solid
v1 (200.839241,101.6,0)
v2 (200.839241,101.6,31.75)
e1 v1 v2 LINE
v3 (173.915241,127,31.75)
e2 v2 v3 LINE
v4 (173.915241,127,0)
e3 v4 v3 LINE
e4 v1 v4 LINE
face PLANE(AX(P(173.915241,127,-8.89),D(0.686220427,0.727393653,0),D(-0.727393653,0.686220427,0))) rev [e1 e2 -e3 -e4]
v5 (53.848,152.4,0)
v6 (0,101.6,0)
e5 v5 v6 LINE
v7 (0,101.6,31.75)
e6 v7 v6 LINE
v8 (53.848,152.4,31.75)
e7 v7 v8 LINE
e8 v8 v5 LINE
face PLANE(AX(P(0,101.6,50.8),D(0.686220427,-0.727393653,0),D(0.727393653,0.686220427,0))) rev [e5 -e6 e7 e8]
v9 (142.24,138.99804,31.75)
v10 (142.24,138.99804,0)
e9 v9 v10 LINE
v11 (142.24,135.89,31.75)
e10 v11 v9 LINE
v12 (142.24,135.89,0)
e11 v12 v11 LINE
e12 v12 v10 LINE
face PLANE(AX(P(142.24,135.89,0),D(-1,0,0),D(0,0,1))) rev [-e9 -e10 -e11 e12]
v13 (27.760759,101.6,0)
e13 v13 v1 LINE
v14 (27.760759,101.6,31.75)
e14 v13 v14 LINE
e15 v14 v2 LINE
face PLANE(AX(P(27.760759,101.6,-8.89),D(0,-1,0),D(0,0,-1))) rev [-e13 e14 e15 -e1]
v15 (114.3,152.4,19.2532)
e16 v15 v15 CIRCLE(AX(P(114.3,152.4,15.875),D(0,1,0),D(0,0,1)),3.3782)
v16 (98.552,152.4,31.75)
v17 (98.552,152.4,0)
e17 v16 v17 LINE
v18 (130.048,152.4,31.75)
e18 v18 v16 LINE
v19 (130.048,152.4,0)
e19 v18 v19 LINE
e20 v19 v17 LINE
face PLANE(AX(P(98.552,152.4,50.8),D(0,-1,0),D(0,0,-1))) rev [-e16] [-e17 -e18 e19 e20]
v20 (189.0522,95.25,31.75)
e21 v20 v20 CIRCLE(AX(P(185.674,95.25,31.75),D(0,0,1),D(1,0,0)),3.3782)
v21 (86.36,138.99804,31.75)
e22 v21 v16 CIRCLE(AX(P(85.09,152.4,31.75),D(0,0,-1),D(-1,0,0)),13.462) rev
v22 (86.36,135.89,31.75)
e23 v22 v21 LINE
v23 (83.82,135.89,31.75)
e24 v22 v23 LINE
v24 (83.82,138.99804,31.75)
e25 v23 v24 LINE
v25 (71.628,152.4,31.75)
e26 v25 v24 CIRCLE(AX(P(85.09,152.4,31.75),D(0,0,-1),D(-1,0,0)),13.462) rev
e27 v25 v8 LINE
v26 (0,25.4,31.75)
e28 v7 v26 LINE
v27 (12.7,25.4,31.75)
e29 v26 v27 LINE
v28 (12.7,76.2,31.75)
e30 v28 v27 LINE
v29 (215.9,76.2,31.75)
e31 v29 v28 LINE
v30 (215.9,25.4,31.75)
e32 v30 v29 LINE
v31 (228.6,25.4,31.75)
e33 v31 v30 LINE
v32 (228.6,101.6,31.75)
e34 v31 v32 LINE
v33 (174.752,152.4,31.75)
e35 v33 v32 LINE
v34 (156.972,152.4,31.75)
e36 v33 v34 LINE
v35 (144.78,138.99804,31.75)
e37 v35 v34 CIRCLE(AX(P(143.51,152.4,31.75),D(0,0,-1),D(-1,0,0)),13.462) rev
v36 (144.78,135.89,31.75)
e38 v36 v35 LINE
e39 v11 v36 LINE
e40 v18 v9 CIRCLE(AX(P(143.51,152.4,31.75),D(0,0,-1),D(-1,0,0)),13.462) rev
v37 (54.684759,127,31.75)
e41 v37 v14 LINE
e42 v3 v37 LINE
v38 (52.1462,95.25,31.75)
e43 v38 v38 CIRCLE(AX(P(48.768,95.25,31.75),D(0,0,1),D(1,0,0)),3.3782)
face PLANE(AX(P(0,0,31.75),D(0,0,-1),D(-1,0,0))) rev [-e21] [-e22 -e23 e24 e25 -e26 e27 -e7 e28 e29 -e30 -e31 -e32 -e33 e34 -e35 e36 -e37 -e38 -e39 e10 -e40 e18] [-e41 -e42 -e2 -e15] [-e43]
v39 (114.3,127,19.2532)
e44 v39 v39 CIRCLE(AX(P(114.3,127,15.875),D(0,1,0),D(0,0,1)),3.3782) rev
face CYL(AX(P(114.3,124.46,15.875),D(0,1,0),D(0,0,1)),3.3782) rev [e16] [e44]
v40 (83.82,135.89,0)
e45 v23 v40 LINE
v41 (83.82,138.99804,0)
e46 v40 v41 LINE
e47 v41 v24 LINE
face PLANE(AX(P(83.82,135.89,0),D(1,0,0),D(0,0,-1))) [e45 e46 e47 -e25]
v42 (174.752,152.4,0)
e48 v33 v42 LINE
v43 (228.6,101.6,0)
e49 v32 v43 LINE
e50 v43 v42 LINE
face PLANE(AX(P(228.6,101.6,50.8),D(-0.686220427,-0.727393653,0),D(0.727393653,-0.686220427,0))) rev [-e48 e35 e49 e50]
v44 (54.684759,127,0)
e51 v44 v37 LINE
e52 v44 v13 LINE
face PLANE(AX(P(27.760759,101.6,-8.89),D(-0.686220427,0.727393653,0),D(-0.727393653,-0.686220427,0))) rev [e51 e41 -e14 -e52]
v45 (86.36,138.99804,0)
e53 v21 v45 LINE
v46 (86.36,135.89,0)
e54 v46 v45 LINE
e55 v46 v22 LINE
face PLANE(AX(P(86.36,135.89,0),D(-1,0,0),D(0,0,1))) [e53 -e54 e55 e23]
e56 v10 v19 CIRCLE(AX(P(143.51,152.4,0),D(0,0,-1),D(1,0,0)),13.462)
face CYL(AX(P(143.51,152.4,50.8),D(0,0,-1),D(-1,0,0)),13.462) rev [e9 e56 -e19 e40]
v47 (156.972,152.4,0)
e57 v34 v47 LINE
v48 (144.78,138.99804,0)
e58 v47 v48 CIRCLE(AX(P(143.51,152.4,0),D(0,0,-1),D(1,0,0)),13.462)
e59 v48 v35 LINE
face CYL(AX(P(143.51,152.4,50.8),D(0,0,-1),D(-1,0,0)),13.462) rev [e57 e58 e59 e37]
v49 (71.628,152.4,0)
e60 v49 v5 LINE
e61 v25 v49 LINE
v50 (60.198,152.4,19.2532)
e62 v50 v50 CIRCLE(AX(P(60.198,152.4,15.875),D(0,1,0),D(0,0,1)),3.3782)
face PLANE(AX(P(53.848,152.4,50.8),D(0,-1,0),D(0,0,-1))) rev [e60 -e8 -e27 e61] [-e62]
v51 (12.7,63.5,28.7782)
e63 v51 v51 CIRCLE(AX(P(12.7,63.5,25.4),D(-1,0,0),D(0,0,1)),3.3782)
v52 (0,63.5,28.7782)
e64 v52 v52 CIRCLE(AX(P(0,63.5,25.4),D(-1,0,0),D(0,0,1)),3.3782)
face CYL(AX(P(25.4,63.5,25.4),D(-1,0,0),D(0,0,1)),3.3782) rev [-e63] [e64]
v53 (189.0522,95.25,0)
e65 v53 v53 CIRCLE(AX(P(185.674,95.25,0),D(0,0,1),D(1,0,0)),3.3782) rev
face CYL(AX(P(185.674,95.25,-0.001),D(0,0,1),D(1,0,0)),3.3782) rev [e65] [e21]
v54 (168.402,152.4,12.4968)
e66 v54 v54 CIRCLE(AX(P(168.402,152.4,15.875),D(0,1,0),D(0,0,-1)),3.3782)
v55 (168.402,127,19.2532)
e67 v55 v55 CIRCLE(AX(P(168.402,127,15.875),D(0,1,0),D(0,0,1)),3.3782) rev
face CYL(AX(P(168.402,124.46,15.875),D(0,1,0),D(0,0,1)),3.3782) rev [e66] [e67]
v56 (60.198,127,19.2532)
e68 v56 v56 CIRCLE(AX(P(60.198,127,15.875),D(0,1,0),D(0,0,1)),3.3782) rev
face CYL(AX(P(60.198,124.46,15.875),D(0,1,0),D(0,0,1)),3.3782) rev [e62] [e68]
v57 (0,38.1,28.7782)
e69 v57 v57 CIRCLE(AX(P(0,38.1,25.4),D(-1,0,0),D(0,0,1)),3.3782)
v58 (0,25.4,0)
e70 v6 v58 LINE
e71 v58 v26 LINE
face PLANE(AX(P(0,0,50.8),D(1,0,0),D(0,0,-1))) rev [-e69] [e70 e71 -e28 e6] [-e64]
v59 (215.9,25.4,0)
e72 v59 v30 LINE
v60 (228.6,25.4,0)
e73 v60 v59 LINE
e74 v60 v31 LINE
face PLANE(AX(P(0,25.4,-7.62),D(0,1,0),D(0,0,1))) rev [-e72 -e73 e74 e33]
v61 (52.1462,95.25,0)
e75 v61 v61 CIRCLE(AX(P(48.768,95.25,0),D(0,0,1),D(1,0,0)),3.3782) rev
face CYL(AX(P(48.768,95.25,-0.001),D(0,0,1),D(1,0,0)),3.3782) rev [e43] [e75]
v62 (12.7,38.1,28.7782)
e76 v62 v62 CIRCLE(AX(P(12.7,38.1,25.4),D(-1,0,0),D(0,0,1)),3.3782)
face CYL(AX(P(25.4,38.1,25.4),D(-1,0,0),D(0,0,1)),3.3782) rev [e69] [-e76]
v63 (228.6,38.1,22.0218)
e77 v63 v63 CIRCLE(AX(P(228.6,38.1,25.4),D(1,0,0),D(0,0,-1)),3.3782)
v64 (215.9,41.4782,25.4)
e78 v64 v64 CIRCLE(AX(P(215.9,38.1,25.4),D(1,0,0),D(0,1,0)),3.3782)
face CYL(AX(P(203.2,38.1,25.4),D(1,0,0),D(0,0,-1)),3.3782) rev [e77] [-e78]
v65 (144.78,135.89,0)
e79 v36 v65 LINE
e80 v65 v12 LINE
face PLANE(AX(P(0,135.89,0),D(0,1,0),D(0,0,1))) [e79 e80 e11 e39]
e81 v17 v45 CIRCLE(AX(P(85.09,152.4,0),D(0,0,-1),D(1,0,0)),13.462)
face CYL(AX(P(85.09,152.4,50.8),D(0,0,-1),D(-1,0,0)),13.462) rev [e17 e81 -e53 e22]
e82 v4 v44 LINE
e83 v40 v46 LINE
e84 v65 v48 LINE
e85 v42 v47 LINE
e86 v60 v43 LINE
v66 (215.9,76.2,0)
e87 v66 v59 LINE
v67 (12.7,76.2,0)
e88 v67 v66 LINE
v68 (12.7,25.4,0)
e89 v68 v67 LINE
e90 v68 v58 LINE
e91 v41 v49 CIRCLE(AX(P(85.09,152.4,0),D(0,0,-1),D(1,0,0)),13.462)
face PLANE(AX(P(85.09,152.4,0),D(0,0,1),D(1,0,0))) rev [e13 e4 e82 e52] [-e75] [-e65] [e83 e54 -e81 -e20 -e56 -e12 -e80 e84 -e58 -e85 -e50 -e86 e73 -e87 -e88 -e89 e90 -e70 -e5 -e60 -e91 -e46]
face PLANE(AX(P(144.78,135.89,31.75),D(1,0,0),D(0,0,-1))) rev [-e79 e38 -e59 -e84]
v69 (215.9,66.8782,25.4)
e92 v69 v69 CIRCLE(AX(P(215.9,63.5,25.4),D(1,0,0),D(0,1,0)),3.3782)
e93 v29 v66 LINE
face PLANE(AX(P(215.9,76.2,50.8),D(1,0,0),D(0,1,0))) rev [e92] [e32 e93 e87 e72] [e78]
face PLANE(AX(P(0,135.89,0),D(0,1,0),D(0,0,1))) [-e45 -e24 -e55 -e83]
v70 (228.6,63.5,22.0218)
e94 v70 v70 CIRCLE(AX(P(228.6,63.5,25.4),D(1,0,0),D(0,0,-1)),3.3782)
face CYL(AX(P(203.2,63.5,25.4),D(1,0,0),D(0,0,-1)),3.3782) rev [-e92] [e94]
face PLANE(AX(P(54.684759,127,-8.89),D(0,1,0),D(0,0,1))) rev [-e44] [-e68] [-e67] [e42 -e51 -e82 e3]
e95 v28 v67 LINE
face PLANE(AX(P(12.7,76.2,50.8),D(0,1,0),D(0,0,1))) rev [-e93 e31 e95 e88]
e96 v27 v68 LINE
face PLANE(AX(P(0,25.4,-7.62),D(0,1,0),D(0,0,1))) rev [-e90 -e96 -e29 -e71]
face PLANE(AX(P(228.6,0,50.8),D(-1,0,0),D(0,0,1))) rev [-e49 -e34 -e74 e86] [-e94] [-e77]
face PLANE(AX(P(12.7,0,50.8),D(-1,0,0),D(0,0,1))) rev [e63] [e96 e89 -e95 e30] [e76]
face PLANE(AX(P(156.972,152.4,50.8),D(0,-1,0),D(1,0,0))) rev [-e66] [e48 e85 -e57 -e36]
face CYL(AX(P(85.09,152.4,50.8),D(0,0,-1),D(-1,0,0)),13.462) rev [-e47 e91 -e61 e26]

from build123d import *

# Parameters (mm, degrees)
BOSS_EXTRUDE1_DEPTH = 50.8
SKETCH3_R           = 3.3782
CUT_EXTRUDE1_DEPTH  = 25.4
SKETCH4_R           = 3.3782
CUT_EXTRUDE2_DEPTH  = 25.4
SKETCH7_W           = 228.6
SKETCH7_H           = 152.4
CUT_EXTRUDE5_DEPTH  = 19.05
SKETCH8_W           = 228.6
SKETCH8_H           = 25.4
CUT_EXTRUDE6_DEPTH  = 39.37
SKETCH9_R           = 3.3782
CUT_EXTRUDE7_DEPTH  = 27.94
CUT_EXTRUDE8_DEPTH  = 40.64
SKETCH12_W          = 1.27
SKETCH12_H          = 31.75
CUT_EXTRUDE9_DEPTH  = 16.51
CUT_EXTRUDE10_REACH = 33.75
SKETCH13_R          = 3.3782


with BuildPart() as part:
    # Sketch2 → Boss-Extrude1 (new body)
    with BuildSketch(Plane.XY):
        with BuildLine():
            Line((215.9, 0), (228.6, 0))
            Line((228.6, 0), (228.6, 101.6))
            Line((228.6, 101.6), (174.752, 152.4))
            Line((174.752, 152.4), (156.972, 152.4))
            ThreePointArc((156.972, 152.4), (143.51, 138.938), (130.048, 152.4))
            Line((130.048, 152.4), (98.552, 152.4))
            ThreePointArc((98.552, 152.4), (85.09, 138.938), (71.628, 152.4))
            Line((71.628, 152.4), (53.848, 152.4))
            Line((53.848, 152.4), (0, 101.6))
            Line((0, 101.6), (0, 0))
            Line((0, 0), (12.7, 0))
            Line((12.7, 0), (12.7, 76.2))
            Line((12.7, 76.2), (215.9, 76.2))
            Line((215.9, 76.2), (215.9, 0))
        make_face()
    extrude(amount=BOSS_EXTRUDE1_DEPTH)

    # Sketch3 → Cut-Extrude1 (cut)
    with BuildSketch(Plane.ZY):
        with Locations((25.4, 63.5)):
            Circle(SKETCH3_R)
        with Locations((25.4, 38.1)):
            Circle(SKETCH3_R)
    extrude(amount=-CUT_EXTRUDE1_DEPTH, mode=Mode.SUBTRACT)

    # Sketch4 → Cut-Extrude2 (cut)
    with BuildSketch(Plane(origin=(228.6, 0, 0), x_dir=(0, 0, -1), z_dir=(1, 0, 0))):
        with Locations((-25.4, 63.5)):
            Circle(SKETCH4_R)
        with Locations((-25.4, 38.1)):
            Circle(SKETCH4_R)
    extrude(amount=-CUT_EXTRUDE2_DEPTH, mode=Mode.SUBTRACT)

    # Sketch7 → Cut-Extrude5 (cut)
    with BuildSketch(Plane.XY.offset(50.8)):
        with Locations((114.3, 76.2)):
            Rectangle(SKETCH7_W, SKETCH7_H)
    extrude(amount=-CUT_EXTRUDE5_DEPTH, mode=Mode.SUBTRACT)

    # Sketch8 → Cut-Extrude6 (cut)
    with BuildSketch(Plane.XY.offset(31.75)):
        with Locations((114.3, 12.7)):
            Rectangle(SKETCH8_W, SKETCH8_H)
    extrude(amount=-CUT_EXTRUDE6_DEPTH, mode=Mode.SUBTRACT)

    # Sketch9 → Cut-Extrude7 (cut)
    with BuildSketch(Plane(origin=(0, 152.4, 0), x_dir=(1, 0, 0), z_dir=(0, 1, 0))):
        with Locations((60.198, -15.875)):
            Circle(SKETCH9_R)
        with Locations((114.3, -15.875)):
            Circle(SKETCH9_R)
        with Locations((168.402, -15.875)):
            Circle(SKETCH9_R)
    extrude(amount=-CUT_EXTRUDE7_DEPTH, mode=Mode.SUBTRACT)

    # Sketch10 → Cut-Extrude8 (cut)
    with BuildSketch(Plane.XY.offset(31.75)):
        Polygon((27.760759157, 101.6), (54.684759157, 127), (173.915240843, 127), (200.839240843, 101.6), align=None)
    extrude(amount=-CUT_EXTRUDE8_DEPTH, mode=Mode.SUBTRACT)

    # Sketch12 → Cut-Extrude9 (cut)
    with BuildSketch(Plane(origin=(0, 152.4, 0), x_dir=(1, 0, 0), z_dir=(0, 1, 0))):
        with Locations((85.725, -15.875)):
            Rectangle(SKETCH12_W, SKETCH12_H)
        with Locations((84.455, -15.875)):
            Rectangle(SKETCH12_W, SKETCH12_H)
        Polygon((143.51, 0), (142.24, 0), (142.24, -31.75), (144.78, -31.75), (144.78, 0), align=None)
    extrude(amount=-CUT_EXTRUDE9_DEPTH, mode=Mode.SUBTRACT)

    # Sketch13 → Cut-Extrude10 (cut, up to next)
    with BuildSketch(Plane.XY.offset(31.75), mode=Mode.PRIVATE) as cut_extrude10_sk1:
        with Locations((48.768, 95.25)):
            Circle(SKETCH13_R)
    cut_extrude10_tool1 = extrude(cut_extrude10_sk1.sketch, amount=-CUT_EXTRUDE10_REACH, mode=Mode.PRIVATE) & part.part
    add(cut_extrude10_tool1.solids().sort_by_distance((48.768, 95.25, 31.75))[0], mode=Mode.SUBTRACT)
    # Sketch13 → Cut-Extrude10 (cut, up to next)
    with BuildSketch(Plane.XY.offset(31.75), mode=Mode.PRIVATE) as cut_extrude10_sk2:
        with Locations((185.674, 95.25)):
            Circle(SKETCH13_R)
    cut_extrude10_tool2 = extrude(cut_extrude10_sk2.sketch, amount=-CUT_EXTRUDE10_REACH, mode=Mode.PRIVATE) & part.part
    add(cut_extrude10_tool2.solids().sort_by_distance((185.674, 95.25, 31.75))[0], mode=Mode.SUBTRACT)


solid = part.part
